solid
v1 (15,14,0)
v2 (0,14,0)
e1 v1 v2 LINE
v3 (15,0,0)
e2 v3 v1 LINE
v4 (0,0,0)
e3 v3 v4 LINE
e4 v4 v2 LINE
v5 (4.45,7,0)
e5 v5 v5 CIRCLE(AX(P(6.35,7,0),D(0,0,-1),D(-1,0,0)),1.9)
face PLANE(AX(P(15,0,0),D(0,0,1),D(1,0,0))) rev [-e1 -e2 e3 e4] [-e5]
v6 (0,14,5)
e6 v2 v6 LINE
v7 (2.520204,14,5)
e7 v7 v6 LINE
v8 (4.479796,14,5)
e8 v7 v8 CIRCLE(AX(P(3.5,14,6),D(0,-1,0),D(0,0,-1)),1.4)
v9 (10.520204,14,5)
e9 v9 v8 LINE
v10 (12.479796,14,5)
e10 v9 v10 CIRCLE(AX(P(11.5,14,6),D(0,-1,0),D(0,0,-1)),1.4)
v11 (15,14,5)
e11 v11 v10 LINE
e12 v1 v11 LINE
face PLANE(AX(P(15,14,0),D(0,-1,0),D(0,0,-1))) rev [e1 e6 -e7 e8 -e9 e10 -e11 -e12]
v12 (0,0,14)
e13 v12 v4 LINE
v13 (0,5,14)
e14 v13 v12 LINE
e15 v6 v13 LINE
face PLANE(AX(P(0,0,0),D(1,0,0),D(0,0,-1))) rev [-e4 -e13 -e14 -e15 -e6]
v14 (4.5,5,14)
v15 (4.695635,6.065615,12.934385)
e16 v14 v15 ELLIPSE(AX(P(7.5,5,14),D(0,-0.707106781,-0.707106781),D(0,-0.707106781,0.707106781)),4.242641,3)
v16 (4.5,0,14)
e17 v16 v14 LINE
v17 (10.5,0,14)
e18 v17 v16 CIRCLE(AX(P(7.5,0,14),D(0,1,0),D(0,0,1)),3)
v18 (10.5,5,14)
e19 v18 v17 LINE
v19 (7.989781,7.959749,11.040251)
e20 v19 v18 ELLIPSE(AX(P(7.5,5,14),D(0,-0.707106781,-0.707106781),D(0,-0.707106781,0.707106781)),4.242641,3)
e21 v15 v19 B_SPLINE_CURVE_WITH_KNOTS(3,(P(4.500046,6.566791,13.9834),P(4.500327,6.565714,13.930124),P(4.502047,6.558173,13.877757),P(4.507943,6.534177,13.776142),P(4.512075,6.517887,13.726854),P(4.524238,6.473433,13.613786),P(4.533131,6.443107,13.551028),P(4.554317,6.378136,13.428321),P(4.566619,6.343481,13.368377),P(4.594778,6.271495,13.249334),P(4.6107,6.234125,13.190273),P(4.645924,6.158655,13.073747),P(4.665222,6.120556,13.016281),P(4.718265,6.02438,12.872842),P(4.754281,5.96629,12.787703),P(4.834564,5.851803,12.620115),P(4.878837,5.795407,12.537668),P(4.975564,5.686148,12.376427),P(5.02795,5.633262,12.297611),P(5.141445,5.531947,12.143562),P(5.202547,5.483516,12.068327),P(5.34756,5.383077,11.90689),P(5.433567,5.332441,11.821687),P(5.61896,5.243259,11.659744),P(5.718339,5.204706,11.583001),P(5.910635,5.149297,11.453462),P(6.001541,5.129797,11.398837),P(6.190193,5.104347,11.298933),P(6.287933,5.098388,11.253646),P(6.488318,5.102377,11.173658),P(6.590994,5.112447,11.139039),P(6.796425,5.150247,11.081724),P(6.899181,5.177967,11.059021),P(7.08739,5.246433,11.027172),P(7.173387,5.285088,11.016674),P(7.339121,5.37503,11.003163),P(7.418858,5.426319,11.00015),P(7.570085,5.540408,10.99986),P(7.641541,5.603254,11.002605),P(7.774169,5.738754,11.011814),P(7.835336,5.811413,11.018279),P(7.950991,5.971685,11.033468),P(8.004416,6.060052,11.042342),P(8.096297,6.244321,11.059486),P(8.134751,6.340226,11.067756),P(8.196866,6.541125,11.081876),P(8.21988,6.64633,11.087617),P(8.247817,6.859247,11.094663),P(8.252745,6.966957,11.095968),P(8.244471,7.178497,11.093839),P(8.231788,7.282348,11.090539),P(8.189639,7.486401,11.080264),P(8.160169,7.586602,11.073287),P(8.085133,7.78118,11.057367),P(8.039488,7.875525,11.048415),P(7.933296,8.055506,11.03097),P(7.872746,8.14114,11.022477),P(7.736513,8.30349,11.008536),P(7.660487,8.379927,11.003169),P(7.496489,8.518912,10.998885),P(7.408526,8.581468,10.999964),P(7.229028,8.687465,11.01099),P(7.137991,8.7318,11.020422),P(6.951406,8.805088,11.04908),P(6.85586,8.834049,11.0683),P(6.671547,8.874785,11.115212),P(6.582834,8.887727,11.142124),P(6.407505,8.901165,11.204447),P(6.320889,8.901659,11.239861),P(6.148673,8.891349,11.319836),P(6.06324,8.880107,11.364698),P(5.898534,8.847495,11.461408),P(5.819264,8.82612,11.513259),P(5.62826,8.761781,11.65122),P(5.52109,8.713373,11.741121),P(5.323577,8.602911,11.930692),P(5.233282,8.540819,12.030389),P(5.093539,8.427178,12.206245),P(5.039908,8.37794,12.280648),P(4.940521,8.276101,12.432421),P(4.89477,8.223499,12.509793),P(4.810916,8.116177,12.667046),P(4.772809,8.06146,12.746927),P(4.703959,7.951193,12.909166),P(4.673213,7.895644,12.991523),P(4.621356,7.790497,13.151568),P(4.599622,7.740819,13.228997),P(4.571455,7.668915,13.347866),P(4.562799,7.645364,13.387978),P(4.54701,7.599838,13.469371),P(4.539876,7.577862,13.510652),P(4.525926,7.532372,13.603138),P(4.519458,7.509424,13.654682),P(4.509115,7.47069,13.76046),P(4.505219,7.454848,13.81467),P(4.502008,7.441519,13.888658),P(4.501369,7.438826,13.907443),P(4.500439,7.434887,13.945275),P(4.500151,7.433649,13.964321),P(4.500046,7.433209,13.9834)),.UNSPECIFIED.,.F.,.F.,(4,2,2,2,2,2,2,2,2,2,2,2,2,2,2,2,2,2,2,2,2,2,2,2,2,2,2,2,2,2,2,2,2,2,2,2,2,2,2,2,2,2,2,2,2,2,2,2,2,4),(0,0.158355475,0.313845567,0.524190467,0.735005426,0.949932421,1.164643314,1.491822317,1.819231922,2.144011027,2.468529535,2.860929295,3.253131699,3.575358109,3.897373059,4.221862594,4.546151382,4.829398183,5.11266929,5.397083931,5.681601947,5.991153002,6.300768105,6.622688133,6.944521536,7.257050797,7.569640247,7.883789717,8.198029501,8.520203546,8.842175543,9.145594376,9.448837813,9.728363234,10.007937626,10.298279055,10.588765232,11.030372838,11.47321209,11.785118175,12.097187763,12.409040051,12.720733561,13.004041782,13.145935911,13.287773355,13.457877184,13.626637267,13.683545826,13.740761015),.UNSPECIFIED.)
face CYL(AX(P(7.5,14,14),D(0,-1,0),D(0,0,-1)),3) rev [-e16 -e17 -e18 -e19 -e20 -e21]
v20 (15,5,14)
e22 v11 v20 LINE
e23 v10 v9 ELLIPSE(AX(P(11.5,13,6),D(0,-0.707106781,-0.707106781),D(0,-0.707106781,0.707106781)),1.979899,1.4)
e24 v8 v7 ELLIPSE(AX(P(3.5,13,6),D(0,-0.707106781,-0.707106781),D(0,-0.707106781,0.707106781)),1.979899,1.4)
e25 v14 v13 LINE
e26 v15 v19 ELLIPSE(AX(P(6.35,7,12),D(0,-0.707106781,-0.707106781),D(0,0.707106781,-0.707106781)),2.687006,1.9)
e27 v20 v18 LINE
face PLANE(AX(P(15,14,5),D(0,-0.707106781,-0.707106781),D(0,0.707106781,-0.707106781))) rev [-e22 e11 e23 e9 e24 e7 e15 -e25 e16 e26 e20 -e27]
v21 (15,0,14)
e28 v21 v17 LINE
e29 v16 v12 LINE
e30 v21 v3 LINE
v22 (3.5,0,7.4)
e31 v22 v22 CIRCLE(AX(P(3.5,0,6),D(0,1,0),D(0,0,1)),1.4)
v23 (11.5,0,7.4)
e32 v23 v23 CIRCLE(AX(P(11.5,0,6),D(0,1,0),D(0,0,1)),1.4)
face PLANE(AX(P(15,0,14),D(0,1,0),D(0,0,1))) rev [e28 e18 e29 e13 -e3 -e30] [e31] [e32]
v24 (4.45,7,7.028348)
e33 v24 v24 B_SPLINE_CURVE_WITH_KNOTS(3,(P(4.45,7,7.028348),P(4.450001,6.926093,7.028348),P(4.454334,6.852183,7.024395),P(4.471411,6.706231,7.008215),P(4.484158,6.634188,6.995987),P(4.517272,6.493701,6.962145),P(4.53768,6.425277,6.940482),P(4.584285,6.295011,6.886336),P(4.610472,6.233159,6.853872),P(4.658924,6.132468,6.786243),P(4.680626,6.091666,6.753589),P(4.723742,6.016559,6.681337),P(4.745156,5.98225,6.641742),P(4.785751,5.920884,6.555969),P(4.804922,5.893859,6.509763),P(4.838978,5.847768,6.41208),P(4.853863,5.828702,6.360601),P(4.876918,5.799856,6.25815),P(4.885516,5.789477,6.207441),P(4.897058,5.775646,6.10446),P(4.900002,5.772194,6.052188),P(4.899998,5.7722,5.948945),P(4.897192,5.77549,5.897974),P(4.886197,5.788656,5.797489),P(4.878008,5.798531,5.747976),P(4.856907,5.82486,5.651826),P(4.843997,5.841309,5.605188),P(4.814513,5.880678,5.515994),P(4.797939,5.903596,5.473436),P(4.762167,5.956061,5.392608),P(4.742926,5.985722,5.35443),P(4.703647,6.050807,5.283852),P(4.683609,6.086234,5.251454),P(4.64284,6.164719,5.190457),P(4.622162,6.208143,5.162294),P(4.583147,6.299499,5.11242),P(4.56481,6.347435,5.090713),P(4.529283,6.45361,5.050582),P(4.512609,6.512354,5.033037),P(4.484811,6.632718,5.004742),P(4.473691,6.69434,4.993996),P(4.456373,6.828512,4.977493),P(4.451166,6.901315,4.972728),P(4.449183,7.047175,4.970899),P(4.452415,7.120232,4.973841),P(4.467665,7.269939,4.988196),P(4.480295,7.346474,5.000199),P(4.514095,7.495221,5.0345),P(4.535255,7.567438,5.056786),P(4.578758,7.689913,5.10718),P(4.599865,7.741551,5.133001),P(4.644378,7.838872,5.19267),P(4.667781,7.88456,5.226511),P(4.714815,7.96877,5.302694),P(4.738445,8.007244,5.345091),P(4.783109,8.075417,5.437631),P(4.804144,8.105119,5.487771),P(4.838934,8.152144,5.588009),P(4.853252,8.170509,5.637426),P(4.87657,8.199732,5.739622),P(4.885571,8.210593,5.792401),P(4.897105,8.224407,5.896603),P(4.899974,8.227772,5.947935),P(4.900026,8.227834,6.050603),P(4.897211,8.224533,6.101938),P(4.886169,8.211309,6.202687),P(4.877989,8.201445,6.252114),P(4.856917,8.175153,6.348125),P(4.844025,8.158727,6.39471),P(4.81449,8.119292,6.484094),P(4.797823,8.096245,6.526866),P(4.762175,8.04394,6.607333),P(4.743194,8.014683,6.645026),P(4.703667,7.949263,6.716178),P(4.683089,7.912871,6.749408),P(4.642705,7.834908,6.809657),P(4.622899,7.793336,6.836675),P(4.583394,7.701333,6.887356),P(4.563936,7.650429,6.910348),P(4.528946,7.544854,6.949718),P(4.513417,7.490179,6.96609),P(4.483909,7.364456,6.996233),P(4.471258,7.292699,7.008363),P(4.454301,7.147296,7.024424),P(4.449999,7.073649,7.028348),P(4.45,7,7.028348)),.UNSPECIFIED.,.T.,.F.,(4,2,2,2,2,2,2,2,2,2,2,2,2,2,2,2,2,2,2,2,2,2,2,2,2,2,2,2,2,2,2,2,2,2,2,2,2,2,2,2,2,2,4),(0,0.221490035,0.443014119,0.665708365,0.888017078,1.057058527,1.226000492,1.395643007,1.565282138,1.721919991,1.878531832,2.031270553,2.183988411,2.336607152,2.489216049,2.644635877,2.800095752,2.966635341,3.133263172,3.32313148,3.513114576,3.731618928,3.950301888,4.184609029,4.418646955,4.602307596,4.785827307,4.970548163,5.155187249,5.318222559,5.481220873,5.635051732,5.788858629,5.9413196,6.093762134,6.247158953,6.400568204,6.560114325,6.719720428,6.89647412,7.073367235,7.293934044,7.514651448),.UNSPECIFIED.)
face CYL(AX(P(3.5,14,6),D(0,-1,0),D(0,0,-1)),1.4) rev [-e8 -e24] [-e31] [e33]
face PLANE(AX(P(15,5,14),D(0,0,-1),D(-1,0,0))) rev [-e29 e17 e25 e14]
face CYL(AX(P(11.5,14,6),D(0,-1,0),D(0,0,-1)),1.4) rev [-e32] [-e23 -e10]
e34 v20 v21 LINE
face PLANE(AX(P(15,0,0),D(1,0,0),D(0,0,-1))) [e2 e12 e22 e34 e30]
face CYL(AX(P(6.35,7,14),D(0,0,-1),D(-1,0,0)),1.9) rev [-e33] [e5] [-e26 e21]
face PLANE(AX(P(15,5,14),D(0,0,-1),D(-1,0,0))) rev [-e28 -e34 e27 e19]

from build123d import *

# Parameters (mm, degrees)
EXTRUDE_1_DEPTH          = 15
CUT_EXTRUDE_1_DEPTH      = 25.839484697
CUT_EXTRUDE_1_DEPTH_BACK = 25.839484697
SKETCH_2_R               = 1.4
SKETCH_3_R               = 1.9
CUT_EXTRUDE_2_DEPTH      = 25.839484697
CUT_EXTRUDE_3_DEPTH      = 25.839484753
CUT_EXTRUDE_3_DEPTH_BACK = 25.839484753
SKETCH_4_R               = 3


with BuildPart() as part:
    # 草图1 → 凸台-拉伸1 (new body)
    with BuildSketch(Plane(origin=(0, 0, 0), x_dir=(0, 0, -1), z_dir=(1, 0, 0))):
        Polygon((-14, 0), (0, 0), (0, 14), (-5, 14), (-14, 5), align=None)
    extrude(amount=EXTRUDE_1_DEPTH)

    # 草图2 → 切除-拉伸1 (cut, two sides: drawn at the far end of the back side and taken through both)
    with BuildSketch(Plane.XZ.offset(-CUT_EXTRUDE_1_DEPTH_BACK)):
        with Locations(Location((11.5, 6, 0), (0, 0, 225.584691403))):
            Circle(SKETCH_2_R)
        with Locations(Location((3.5, 6, 0), (0, 0, 225.584691403))):
            Circle(SKETCH_2_R)
    extrude(amount=CUT_EXTRUDE_1_DEPTH + CUT_EXTRUDE_1_DEPTH_BACK, mode=Mode.SUBTRACT)

    # 草图3 → 切除-拉伸2 (cut, through all)
    with BuildSketch(Plane(origin=(0, 0, 0), x_dir=(-1, 0, 0), z_dir=(0, 0, -1))):
        with Locations((-6.35, 7)):
            Circle(SKETCH_3_R)
    extrude(amount=-CUT_EXTRUDE_2_DEPTH, mode=Mode.SUBTRACT)

    # 草图4 → 切除-拉伸3 (cut, two sides: drawn at the far end of the back side and taken through both)
    with BuildSketch(Plane.XZ.offset(-CUT_EXTRUDE_3_DEPTH_BACK)):
        with Locations((7.5, 14)):
            Circle(SKETCH_4_R)
    extrude(amount=CUT_EXTRUDE_3_DEPTH + CUT_EXTRUDE_3_DEPTH_BACK, mode=Mode.SUBTRACT)


solid = part.part
